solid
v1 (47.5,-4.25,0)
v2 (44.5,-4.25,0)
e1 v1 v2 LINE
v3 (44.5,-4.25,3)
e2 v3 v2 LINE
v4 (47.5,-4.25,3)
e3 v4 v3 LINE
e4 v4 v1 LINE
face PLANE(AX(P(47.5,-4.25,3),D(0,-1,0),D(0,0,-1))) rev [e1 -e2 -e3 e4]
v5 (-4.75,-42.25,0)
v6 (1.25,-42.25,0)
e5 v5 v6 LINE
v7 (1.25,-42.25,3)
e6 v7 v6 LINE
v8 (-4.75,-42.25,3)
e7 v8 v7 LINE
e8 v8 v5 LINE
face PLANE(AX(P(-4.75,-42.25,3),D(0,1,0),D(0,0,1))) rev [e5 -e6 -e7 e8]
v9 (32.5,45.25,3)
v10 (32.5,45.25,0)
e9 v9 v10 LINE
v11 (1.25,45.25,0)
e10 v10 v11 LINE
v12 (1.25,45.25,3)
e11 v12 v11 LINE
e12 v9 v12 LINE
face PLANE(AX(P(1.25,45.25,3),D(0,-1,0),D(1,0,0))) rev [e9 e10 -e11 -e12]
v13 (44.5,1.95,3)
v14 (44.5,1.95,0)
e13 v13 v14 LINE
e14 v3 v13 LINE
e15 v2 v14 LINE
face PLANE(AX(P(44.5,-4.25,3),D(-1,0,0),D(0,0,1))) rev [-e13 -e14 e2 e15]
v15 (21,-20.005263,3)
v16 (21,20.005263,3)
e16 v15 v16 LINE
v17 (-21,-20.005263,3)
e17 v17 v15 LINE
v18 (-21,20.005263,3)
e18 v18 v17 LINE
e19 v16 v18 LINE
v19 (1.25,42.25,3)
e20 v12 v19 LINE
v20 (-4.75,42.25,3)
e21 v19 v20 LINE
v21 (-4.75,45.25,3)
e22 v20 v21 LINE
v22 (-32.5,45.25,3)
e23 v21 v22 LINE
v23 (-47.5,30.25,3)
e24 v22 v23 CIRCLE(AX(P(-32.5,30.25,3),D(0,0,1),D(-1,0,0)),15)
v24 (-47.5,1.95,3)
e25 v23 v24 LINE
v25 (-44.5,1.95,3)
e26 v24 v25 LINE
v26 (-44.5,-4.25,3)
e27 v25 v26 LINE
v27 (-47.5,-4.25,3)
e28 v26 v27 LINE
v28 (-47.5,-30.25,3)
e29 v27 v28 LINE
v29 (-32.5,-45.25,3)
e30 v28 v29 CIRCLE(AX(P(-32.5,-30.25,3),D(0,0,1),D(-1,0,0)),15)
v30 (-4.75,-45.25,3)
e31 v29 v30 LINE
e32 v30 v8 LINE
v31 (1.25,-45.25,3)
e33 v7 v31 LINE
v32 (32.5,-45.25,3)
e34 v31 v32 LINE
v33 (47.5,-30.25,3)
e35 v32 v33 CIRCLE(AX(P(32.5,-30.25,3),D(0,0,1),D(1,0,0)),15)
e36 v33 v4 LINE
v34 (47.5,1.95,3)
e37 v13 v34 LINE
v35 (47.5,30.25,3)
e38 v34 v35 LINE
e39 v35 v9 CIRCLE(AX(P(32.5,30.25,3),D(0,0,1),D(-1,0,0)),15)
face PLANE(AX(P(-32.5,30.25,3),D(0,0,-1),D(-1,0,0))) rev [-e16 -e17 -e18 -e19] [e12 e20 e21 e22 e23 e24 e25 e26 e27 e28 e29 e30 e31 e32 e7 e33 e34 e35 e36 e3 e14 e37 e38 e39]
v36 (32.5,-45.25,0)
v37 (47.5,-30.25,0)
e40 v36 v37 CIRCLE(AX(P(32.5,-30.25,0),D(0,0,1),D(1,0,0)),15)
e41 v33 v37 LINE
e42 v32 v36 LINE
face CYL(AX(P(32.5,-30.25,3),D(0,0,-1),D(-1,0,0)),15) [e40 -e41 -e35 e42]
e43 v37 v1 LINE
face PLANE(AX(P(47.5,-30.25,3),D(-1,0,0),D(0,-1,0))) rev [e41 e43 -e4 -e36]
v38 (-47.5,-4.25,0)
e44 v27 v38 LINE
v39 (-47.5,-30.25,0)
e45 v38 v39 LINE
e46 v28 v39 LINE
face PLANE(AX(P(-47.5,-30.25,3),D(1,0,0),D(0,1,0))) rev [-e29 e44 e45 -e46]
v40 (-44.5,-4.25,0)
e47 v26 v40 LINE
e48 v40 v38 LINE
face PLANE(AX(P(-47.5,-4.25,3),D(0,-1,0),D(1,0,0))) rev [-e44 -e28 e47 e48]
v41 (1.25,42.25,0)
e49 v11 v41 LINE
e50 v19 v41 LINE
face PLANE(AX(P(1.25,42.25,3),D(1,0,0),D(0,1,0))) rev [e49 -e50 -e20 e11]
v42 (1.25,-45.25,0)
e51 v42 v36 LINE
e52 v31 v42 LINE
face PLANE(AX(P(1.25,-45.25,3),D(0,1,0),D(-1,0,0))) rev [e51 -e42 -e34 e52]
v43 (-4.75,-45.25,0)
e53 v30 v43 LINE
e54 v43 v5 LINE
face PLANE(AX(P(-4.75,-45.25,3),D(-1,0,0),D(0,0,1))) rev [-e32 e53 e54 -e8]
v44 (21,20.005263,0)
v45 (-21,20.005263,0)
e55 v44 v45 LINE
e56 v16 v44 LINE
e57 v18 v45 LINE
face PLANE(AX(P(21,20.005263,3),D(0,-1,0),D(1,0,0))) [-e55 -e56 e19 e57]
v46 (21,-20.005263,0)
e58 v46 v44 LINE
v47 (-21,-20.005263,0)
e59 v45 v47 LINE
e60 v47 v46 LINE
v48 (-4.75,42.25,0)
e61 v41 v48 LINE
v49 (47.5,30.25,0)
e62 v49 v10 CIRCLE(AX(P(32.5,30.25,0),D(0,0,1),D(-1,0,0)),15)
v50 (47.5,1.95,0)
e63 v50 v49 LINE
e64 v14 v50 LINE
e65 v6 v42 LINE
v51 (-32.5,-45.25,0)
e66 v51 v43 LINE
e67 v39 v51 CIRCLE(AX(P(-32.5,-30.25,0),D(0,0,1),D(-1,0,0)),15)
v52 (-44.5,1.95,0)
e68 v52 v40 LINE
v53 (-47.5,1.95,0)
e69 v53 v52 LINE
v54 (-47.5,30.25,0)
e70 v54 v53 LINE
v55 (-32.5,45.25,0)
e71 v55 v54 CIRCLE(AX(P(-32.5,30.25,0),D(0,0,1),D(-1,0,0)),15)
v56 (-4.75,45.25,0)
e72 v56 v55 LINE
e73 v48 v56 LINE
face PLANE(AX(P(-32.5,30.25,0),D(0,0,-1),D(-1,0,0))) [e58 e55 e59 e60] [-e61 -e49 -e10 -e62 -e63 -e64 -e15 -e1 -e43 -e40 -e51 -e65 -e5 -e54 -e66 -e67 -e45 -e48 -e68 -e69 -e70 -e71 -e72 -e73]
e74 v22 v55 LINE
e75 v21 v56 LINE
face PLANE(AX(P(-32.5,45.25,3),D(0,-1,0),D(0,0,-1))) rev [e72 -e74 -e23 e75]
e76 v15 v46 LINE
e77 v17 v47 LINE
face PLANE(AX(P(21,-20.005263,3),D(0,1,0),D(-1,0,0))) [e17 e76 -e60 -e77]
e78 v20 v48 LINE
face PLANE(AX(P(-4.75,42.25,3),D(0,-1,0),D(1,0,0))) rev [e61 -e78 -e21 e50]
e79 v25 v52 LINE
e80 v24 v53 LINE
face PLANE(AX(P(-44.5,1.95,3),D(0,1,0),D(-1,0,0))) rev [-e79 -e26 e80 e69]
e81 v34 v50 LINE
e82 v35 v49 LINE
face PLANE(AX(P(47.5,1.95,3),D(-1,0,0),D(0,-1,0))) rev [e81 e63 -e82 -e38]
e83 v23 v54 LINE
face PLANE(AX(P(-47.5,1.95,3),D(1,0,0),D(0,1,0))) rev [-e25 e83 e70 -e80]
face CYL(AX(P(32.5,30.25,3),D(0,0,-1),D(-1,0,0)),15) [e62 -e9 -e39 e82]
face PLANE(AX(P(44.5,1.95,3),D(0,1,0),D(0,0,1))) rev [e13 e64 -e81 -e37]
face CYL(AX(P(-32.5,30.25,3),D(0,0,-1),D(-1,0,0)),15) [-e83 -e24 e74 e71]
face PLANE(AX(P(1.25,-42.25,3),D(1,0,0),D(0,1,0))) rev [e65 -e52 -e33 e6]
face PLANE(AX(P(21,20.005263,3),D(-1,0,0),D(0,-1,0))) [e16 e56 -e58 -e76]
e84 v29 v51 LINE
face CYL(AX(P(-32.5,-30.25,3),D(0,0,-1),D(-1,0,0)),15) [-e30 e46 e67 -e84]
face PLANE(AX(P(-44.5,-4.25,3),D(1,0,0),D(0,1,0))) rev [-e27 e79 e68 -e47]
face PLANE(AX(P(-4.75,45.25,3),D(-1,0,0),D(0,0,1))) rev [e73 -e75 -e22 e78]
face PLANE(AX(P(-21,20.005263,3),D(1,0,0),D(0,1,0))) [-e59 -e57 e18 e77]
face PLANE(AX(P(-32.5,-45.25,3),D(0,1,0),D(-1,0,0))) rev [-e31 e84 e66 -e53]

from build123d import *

# Parameters (mm, degrees)
SKETCH1_W           = 42
SKETCH1_H           = 40.010526316
BOSS_EXTRUDE1_DEPTH = 3


with BuildPart() as part:
    # Sketch1 → Boss-Extrude1 (new body)
    with BuildSketch(Plane.XY):
        with BuildLine():
            Line((-47.5, -4.25), (-44.5, -4.25))
            Line((-44.5, -4.25), (-44.5, 1.95))
            Line((-44.5, 1.95), (-47.5, 1.95))
            Line((-47.5, 1.95), (-47.5, 30.25))
            ThreePointArc((-47.5, 30.25), (-43.106601718, 40.856601718), (-32.5, 45.25))
            Line((-32.5, 45.25), (-4.75, 45.25))
            Line((-4.75, 45.25), (-4.75, 42.25))
            Line((-4.75, 42.25), (1.25, 42.25))
            Line((1.25, 42.25), (1.25, 45.25))
            Line((1.25, 45.25), (32.5, 45.25))
            ThreePointArc((32.5, 45.25), (43.106601718, 40.856601718), (47.5, 30.25))
            Line((47.5, 30.25), (47.5, 1.95))
            Line((47.5, 1.95), (44.5, 1.95))
            Line((44.5, 1.95), (44.5, -4.25))
            Line((44.5, -4.25), (47.5, -4.25))
            Line((47.5, -4.25), (47.5, -30.25))
            ThreePointArc((47.5, -30.25), (43.106601718, -40.856601718), (32.5, -45.25))
            Line((32.5, -45.25), (1.25, -45.25))
            Line((1.25, -45.25), (1.25, -42.25))
            Line((1.25, -42.25), (-4.75, -42.25))
            Line((-4.75, -42.25), (-4.75, -45.25))
            Line((-4.75, -45.25), (-32.5, -45.25))
            ThreePointArc((-32.5, -45.25), (-43.106601718, -40.856601718), (-47.5, -30.25))
            Line((-47.5, -30.25), (-47.5, -4.25))
        make_face()
        Rectangle(SKETCH1_W, SKETCH1_H, mode=Mode.SUBTRACT)
    extrude(amount=BOSS_EXTRUDE1_DEPTH)


solid = part.part
